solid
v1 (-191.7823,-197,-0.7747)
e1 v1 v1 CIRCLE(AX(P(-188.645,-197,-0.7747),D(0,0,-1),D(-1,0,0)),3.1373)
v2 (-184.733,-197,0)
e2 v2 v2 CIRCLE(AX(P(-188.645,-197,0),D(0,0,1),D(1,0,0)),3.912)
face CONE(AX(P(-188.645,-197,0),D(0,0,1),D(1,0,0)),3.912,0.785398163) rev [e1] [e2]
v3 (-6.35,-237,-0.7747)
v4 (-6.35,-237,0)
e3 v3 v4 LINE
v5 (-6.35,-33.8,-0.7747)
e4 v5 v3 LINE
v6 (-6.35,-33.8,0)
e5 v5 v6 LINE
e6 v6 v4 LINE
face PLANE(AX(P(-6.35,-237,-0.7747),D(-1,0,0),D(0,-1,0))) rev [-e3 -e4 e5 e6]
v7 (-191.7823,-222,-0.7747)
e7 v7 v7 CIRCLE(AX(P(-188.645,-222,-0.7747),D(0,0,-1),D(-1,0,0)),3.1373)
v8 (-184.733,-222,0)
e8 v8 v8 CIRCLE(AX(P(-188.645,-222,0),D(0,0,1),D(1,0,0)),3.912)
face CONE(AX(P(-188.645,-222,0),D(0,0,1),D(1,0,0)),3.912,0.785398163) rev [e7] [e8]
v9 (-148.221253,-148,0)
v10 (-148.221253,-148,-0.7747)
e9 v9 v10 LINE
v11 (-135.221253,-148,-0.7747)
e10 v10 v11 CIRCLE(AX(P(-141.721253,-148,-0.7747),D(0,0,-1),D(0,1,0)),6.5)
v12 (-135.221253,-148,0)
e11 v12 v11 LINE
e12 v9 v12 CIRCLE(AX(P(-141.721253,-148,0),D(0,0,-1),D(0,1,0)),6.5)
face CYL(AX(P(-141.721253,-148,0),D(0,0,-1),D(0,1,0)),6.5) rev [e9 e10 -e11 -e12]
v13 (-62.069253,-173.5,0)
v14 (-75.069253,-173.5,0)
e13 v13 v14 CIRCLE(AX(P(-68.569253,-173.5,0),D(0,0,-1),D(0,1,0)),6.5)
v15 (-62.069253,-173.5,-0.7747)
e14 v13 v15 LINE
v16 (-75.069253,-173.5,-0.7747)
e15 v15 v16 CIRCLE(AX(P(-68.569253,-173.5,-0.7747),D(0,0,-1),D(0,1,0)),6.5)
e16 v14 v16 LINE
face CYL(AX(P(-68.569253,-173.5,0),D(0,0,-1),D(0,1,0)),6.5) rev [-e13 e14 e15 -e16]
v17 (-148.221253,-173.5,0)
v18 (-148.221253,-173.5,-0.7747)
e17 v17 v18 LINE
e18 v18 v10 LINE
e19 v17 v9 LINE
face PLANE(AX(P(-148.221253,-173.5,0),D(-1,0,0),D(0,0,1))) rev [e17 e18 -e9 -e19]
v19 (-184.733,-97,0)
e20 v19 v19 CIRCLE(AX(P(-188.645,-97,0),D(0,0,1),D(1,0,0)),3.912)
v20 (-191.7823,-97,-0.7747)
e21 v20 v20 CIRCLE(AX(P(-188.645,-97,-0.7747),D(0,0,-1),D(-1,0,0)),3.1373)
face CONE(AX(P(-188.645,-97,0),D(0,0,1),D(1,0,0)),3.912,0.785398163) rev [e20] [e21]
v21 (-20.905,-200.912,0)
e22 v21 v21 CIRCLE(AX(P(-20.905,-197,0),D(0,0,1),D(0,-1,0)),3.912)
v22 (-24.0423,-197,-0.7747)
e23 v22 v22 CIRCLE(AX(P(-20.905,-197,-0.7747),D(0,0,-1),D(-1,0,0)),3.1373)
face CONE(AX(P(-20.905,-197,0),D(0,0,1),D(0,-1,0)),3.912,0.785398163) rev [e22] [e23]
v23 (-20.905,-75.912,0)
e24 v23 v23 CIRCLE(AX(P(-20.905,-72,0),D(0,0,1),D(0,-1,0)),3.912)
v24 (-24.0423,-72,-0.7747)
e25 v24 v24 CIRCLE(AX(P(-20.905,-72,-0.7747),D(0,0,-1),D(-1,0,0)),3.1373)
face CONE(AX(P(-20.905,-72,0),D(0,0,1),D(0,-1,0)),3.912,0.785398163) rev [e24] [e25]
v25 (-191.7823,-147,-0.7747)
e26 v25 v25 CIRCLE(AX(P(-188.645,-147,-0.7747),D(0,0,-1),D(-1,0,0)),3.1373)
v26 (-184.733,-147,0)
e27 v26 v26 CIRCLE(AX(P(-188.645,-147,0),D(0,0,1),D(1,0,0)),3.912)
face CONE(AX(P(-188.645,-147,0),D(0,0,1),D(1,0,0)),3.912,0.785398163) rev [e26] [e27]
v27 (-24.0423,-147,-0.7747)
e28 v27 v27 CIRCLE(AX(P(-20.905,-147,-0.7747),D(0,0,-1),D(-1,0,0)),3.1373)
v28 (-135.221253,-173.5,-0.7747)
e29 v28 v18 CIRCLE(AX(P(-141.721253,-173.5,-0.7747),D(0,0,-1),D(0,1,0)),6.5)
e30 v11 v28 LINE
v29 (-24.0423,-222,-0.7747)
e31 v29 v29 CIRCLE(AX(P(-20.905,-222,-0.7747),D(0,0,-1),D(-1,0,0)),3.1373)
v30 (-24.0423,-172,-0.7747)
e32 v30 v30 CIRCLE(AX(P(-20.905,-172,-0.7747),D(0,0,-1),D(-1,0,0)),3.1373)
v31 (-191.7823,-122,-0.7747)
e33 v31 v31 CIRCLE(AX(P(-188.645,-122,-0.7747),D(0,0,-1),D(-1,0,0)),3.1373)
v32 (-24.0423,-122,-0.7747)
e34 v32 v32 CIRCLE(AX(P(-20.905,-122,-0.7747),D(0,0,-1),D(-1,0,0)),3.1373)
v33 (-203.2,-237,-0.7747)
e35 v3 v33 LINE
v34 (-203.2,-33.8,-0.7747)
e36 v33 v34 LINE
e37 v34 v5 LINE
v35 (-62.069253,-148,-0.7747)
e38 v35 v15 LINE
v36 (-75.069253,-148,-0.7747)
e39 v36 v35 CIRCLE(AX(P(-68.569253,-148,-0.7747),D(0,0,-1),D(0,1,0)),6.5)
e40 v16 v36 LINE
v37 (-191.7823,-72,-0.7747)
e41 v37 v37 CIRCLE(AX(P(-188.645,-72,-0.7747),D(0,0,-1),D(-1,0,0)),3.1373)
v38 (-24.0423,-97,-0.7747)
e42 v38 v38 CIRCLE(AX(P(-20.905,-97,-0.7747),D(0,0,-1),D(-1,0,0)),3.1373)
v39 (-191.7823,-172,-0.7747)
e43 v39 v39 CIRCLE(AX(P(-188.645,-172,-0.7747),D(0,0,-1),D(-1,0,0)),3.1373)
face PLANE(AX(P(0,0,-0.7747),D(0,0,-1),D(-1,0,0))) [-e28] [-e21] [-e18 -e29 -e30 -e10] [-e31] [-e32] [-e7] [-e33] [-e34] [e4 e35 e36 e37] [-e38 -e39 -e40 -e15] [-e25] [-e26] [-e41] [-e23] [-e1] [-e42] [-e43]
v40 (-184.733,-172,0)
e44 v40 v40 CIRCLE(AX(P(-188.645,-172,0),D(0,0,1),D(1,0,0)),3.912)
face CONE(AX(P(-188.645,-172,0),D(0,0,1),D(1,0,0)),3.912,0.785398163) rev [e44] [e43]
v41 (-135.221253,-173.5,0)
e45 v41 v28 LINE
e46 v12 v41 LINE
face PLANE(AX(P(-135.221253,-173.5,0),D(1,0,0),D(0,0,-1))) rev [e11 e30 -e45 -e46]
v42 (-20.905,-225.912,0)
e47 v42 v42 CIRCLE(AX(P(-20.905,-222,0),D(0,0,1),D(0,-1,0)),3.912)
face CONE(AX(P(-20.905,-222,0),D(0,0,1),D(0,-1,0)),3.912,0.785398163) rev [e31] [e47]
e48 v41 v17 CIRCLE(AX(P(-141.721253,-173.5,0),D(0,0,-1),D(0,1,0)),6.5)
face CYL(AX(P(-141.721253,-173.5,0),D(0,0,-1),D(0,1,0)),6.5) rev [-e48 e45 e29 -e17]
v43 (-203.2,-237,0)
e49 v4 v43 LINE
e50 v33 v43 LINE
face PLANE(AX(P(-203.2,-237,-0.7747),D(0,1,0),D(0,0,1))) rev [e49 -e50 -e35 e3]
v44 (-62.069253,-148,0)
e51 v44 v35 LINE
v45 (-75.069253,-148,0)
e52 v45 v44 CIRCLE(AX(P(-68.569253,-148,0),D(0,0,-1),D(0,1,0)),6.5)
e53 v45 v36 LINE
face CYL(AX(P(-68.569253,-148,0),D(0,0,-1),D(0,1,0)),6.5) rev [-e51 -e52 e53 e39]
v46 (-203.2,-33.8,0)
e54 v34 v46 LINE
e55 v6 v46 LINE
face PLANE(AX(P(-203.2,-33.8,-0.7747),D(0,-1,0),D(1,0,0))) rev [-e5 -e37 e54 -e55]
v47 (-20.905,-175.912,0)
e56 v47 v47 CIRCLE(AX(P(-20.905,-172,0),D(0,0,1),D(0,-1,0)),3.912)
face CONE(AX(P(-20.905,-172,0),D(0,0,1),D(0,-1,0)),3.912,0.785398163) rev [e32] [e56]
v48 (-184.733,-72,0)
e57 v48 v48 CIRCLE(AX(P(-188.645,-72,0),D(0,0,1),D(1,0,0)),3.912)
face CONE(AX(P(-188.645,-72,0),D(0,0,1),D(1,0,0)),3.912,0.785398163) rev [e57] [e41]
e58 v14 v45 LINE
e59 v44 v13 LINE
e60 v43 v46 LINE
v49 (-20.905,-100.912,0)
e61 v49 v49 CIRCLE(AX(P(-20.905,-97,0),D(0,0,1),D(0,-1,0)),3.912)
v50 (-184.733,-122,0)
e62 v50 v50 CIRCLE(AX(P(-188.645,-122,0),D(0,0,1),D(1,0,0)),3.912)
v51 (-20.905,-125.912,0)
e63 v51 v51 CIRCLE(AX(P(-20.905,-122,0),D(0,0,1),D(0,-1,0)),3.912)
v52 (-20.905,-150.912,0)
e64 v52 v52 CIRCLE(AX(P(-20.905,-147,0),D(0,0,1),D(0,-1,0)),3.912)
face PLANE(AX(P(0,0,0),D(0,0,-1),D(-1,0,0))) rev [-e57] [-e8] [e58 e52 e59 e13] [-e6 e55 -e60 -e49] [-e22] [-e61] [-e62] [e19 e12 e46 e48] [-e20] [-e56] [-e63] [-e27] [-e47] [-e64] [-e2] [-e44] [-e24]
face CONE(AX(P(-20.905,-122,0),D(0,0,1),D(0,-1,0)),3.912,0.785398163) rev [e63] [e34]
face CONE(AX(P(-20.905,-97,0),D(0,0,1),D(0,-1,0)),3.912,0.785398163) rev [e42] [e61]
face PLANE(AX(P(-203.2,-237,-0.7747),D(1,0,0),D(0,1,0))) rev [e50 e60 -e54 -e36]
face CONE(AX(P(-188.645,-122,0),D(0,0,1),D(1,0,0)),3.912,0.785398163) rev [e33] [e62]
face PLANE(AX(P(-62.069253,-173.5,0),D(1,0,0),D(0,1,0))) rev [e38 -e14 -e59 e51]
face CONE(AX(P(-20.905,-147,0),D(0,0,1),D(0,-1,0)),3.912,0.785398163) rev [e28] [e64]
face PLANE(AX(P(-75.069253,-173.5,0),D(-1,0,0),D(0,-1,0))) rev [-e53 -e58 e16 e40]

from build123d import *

# Parameters (mm, degrees)
SKETCH1_W                                      = 196.85
SKETCH1_H                                      = 203.2
BOSS_EXTRUDE1_DEPTH                            = 0.7747
CUT_EXTRUDE7_DEPTH                             = 313.185586086
SKETCH4_W                                      = 196.85
SKETCH4_H                                      = 0.6096
BOSS_EXTRUDE2_DEPTH                            = 12
SKETCH14_W                                     = 196.85
SKETCH14_H                                     = 11.938
BOSS_EXTRUDE3_DEPTH                            = 0.7747
SKETCH13_W                                     = 196.85
SKETCH13_H                                     = 0.6096
CUT_EXTRUDE9_DEPTH                             = 12
CSK_FOR_M3_FLAT_HEAD_MACHINE_SCREW3_AT_2_COUNT = 2
CSK_FOR_M3_FLAT_HEAD_MACHINE_SCREW3_AT_2_PITCH = 150
CSK_FOR_M3_FLAT_HEAD_MACHINE_SCREW3_AT_3_COUNT = 2
CSK_FOR_M3_FLAT_HEAD_MACHINE_SCREW3_AT_3_PITCH = 125
CSK_FOR_M3_FLAT_HEAD_MACHINE_SCREW3_AT_4_COUNT = 2
CSK_FOR_M3_FLAT_HEAD_MACHINE_SCREW3_AT_4_PITCH = 100
CSK_FOR_M3_FLAT_HEAD_MACHINE_SCREW3_AT_5_COUNT = 2
CSK_FOR_M3_FLAT_HEAD_MACHINE_SCREW3_AT_5_PITCH = 75
CSK_FOR_M3_FLAT_HEAD_MACHINE_SCREW3_AT_6_COUNT = 2
CSK_FOR_M3_FLAT_HEAD_MACHINE_SCREW3_AT_6_PITCH = 50
CSK_FOR_M3_FLAT_HEAD_MACHINE_SCREW3_AT_7_COUNT = 2
CSK_FOR_M3_FLAT_HEAD_MACHINE_SCREW3_AT_7_PITCH = 25


with BuildPart() as part:
    # Sketch1 → Boss-Extrude1 (new body)
    with BuildSketch(Plane(origin=(0, 0, 0), x_dir=(1, 0, 0), z_dir=(0, 0, -1))):
        with Locations((-104.775, 135.4)):
            Rectangle(SKETCH1_W, SKETCH1_H)
    extrude(amount=BOSS_EXTRUDE1_DEPTH)

    # Sketch2 → Cut-Extrude7 (cut, through all)
    with BuildSketch(Plane(origin=(0, 0, -0.7747), x_dir=(1, 0, 0), z_dir=(0, 0, -1))):
        with BuildLine():
            Line((-135.221253236, 173.5), (-135.221253236, 148))
            ThreePointArc((-135.221253236, 148), (-141.721253236, 141.5), (-148.221253236, 148))
            Line((-148.221253236, 148), (-148.221253236, 173.5))
            ThreePointArc((-148.221253236, 173.5), (-141.721253236, 180), (-135.221253236, 173.5))
        make_face()
        with BuildLine():
            Line((-62.069253236, 173.5), (-62.069253236, 148))
            ThreePointArc((-62.069253236, 148), (-68.569253236, 141.5), (-75.069253236, 148))
            Line((-75.069253236, 148), (-75.069253236, 173.5))
            ThreePointArc((-75.069253236, 173.5), (-68.569253236, 180), (-62.069253236, 173.5))
        make_face()
    extrude(amount=-CUT_EXTRUDE7_DEPTH, mode=Mode.SUBTRACT)

    # Sketch4 → Boss-Extrude2 (add)
    with BuildSketch(Plane.XY):
        with Locations((-104.775, -34.1048)):
            Rectangle(SKETCH4_W, SKETCH4_H)
    extrude(amount=BOSS_EXTRUDE2_DEPTH)

    # Sketch14 → Boss-Extrude3 (add)
    with BuildSketch(Plane.XY):
        with Locations((-104.775, -53.935004147)):
            Rectangle(SKETCH14_W, SKETCH14_H)
    extrude(amount=-BOSS_EXTRUDE3_DEPTH)

    # Sketch13 → Cut-Extrude9 (cut)
    with BuildSketch(Plane.XY.offset(12)):
        with Locations((-104.775, -34.1048)):
            Rectangle(SKETCH13_W, SKETCH13_H)
    extrude(amount=-CUT_EXTRUDE9_DEPTH, mode=Mode.SUBTRACT)

    # Sketch16 → CSK for M3 Flat Head Machine Screw3 (revolve, cut)
    with BuildSketch(Plane(origin=(-188.645, -72, 0), x_dir=(0, -1, 0), z_dir=(1, 0, 0))):
        Polygon((0, 0), (0, 0.7747), (1.7, 0.7747), (1.7, 2.212), (3.912, 0), align=None)
    csk_for_m3_flat_head_machine_screw3 = revolve(axis=Axis((-188.645, -72, 6.35), (0, 0, -1)), mode=Mode.SUBTRACT)

    # CSK for M3 Flat Head Machine Screw3 at 2: CSK for M3 Flat Head Machine Screw3 ×2
    with Locations(*[(0, -i * CSK_FOR_M3_FLAT_HEAD_MACHINE_SCREW3_AT_2_PITCH, 0) for i in range(1, CSK_FOR_M3_FLAT_HEAD_MACHINE_SCREW3_AT_2_COUNT)]):
        add(csk_for_m3_flat_head_machine_screw3, mode=Mode.SUBTRACT)

    # CSK for M3 Flat Head Machine Screw3 at 3: CSK for M3 Flat Head Machine Screw3 ×2
    with Locations(*[(0, -i * CSK_FOR_M3_FLAT_HEAD_MACHINE_SCREW3_AT_3_PITCH, 0) for i in range(1, CSK_FOR_M3_FLAT_HEAD_MACHINE_SCREW3_AT_3_COUNT)]):
        add(csk_for_m3_flat_head_machine_screw3, mode=Mode.SUBTRACT)

    # CSK for M3 Flat Head Machine Screw3 at 4: CSK for M3 Flat Head Machine Screw3 ×2
    with Locations(*[(0, -i * CSK_FOR_M3_FLAT_HEAD_MACHINE_SCREW3_AT_4_PITCH, 0) for i in range(1, CSK_FOR_M3_FLAT_HEAD_MACHINE_SCREW3_AT_4_COUNT)]):
        add(csk_for_m3_flat_head_machine_screw3, mode=Mode.SUBTRACT)

    # CSK for M3 Flat Head Machine Screw3 at 5: CSK for M3 Flat Head Machine Screw3 ×2
    with Locations(*[(0, -i * CSK_FOR_M3_FLAT_HEAD_MACHINE_SCREW3_AT_5_PITCH, 0) for i in range(1, CSK_FOR_M3_FLAT_HEAD_MACHINE_SCREW3_AT_5_COUNT)]):
        add(csk_for_m3_flat_head_machine_screw3, mode=Mode.SUBTRACT)

    # CSK for M3 Flat Head Machine Screw3 at 6: CSK for M3 Flat Head Machine Screw3 ×2
    with Locations(*[(0, -i * CSK_FOR_M3_FLAT_HEAD_MACHINE_SCREW3_AT_6_PITCH, 0) for i in range(1, CSK_FOR_M3_FLAT_HEAD_MACHINE_SCREW3_AT_6_COUNT)]):
        add(csk_for_m3_flat_head_machine_screw3, mode=Mode.SUBTRACT)

    # CSK for M3 Flat Head Machine Screw3 at 7: CSK for M3 Flat Head Machine Screw3 ×2
    with Locations(*[(0, -i * CSK_FOR_M3_FLAT_HEAD_MACHINE_SCREW3_AT_7_PITCH, 0) for i in range(1, CSK_FOR_M3_FLAT_HEAD_MACHINE_SCREW3_AT_7_COUNT)]):
        add(csk_for_m3_flat_head_machine_screw3, mode=Mode.SUBTRACT)

    # Mirror1: CSK for M3 Flat Head Machine Screw3 across plane
    add(csk_for_m3_flat_head_machine_screw3.mirror(Plane.ZY.offset(104.774999995)), mode=Mode.SUBTRACT)

    # Mirror1 copy 1 sketch → Mirror1 copy 1 (revolve, cut)
    with BuildSketch(Plane(origin=(-20.904999999, -222.000000003, 0), x_dir=(-3.839898042745385e-11, -1.0, 0), z_dir=(-1.0, 3.839898042745385e-11, 0))):
        Polygon((0, 0), (0, -0.7747), (1.7, -0.7747), (1.7, -2.212), (3.912, 0), align=None)
    revolve(axis=Axis((-20.904999999, -222.000000003, 6.35), (0, 0, 1)), mode=Mode.SUBTRACT)

    # Mirror1 copy 2 sketch → Mirror1 copy 2 (revolve, cut)
    with BuildSketch(Plane(origin=(-20.904999998, -197.000000003, 0), x_dir=(-3.839898042745385e-11, -1.0, 0), z_dir=(-1.0, 3.839898042745385e-11, 0))):
        Polygon((0, 0), (0, -0.7747), (1.7, -0.7747), (1.7, -2.212), (3.912, 0), align=None)
    revolve(axis=Axis((-20.904999998, -197.000000003, 6.35), (0, 0, 1)), mode=Mode.SUBTRACT)

    # Mirror1 copy 3 sketch → Mirror1 copy 3 (revolve, cut)
    with BuildSketch(Plane(origin=(-20.904999998, -172.000000003, 0), x_dir=(-3.839898042745385e-11, -1.0, 0), z_dir=(-1.0, 3.839898042745385e-11, 0))):
        Polygon((0, 0), (0, -0.7747), (1.7, -0.7747), (1.7, -2.212), (3.912, 0), align=None)
    revolve(axis=Axis((-20.904999998, -172.000000003, 6.35), (0, 0, 1)), mode=Mode.SUBTRACT)

    # Mirror1 copy 4 sketch → Mirror1 copy 4 (revolve, cut)
    with BuildSketch(Plane(origin=(-20.904999997, -147.000000003, 0), x_dir=(-3.839898042745385e-11, -1.0, 0), z_dir=(-1.0, 3.839898042745385e-11, 0))):
        Polygon((0, 0), (0, -0.7747), (1.7, -0.7747), (1.7, -2.212), (3.912, 0), align=None)
    revolve(axis=Axis((-20.904999997, -147.000000003, 6.35), (0, 0, 1)), mode=Mode.SUBTRACT)

    # Mirror1 copy 5 sketch → Mirror1 copy 5 (revolve, cut)
    with BuildSketch(Plane(origin=(-20.904999996, -122.000000003, 0), x_dir=(-3.839898042745385e-11, -1.0, 0), z_dir=(-1.0, 3.839898042745385e-11, 0))):
        Polygon((0, 0), (0, -0.7747), (1.7, -0.7747), (1.7, -2.212), (3.912, 0), align=None)
    revolve(axis=Axis((-20.904999996, -122.000000003, 6.35), (0, 0, 1)), mode=Mode.SUBTRACT)

    # Mirror1 copy 6 sketch → Mirror1 copy 6 (revolve, cut)
    with BuildSketch(Plane(origin=(-20.904999995, -97.000000003, 0), x_dir=(-3.839898042745385e-11, -1.0, 0), z_dir=(-1.0, 3.839898042745385e-11, 0))):
        Polygon((0, 0), (0, -0.7747), (1.7, -0.7747), (1.7, -2.212), (3.912, 0), align=None)
    revolve(axis=Axis((-20.904999995, -97.000000003, 6.35), (0, 0, 1)), mode=Mode.SUBTRACT)


solid = part.part
